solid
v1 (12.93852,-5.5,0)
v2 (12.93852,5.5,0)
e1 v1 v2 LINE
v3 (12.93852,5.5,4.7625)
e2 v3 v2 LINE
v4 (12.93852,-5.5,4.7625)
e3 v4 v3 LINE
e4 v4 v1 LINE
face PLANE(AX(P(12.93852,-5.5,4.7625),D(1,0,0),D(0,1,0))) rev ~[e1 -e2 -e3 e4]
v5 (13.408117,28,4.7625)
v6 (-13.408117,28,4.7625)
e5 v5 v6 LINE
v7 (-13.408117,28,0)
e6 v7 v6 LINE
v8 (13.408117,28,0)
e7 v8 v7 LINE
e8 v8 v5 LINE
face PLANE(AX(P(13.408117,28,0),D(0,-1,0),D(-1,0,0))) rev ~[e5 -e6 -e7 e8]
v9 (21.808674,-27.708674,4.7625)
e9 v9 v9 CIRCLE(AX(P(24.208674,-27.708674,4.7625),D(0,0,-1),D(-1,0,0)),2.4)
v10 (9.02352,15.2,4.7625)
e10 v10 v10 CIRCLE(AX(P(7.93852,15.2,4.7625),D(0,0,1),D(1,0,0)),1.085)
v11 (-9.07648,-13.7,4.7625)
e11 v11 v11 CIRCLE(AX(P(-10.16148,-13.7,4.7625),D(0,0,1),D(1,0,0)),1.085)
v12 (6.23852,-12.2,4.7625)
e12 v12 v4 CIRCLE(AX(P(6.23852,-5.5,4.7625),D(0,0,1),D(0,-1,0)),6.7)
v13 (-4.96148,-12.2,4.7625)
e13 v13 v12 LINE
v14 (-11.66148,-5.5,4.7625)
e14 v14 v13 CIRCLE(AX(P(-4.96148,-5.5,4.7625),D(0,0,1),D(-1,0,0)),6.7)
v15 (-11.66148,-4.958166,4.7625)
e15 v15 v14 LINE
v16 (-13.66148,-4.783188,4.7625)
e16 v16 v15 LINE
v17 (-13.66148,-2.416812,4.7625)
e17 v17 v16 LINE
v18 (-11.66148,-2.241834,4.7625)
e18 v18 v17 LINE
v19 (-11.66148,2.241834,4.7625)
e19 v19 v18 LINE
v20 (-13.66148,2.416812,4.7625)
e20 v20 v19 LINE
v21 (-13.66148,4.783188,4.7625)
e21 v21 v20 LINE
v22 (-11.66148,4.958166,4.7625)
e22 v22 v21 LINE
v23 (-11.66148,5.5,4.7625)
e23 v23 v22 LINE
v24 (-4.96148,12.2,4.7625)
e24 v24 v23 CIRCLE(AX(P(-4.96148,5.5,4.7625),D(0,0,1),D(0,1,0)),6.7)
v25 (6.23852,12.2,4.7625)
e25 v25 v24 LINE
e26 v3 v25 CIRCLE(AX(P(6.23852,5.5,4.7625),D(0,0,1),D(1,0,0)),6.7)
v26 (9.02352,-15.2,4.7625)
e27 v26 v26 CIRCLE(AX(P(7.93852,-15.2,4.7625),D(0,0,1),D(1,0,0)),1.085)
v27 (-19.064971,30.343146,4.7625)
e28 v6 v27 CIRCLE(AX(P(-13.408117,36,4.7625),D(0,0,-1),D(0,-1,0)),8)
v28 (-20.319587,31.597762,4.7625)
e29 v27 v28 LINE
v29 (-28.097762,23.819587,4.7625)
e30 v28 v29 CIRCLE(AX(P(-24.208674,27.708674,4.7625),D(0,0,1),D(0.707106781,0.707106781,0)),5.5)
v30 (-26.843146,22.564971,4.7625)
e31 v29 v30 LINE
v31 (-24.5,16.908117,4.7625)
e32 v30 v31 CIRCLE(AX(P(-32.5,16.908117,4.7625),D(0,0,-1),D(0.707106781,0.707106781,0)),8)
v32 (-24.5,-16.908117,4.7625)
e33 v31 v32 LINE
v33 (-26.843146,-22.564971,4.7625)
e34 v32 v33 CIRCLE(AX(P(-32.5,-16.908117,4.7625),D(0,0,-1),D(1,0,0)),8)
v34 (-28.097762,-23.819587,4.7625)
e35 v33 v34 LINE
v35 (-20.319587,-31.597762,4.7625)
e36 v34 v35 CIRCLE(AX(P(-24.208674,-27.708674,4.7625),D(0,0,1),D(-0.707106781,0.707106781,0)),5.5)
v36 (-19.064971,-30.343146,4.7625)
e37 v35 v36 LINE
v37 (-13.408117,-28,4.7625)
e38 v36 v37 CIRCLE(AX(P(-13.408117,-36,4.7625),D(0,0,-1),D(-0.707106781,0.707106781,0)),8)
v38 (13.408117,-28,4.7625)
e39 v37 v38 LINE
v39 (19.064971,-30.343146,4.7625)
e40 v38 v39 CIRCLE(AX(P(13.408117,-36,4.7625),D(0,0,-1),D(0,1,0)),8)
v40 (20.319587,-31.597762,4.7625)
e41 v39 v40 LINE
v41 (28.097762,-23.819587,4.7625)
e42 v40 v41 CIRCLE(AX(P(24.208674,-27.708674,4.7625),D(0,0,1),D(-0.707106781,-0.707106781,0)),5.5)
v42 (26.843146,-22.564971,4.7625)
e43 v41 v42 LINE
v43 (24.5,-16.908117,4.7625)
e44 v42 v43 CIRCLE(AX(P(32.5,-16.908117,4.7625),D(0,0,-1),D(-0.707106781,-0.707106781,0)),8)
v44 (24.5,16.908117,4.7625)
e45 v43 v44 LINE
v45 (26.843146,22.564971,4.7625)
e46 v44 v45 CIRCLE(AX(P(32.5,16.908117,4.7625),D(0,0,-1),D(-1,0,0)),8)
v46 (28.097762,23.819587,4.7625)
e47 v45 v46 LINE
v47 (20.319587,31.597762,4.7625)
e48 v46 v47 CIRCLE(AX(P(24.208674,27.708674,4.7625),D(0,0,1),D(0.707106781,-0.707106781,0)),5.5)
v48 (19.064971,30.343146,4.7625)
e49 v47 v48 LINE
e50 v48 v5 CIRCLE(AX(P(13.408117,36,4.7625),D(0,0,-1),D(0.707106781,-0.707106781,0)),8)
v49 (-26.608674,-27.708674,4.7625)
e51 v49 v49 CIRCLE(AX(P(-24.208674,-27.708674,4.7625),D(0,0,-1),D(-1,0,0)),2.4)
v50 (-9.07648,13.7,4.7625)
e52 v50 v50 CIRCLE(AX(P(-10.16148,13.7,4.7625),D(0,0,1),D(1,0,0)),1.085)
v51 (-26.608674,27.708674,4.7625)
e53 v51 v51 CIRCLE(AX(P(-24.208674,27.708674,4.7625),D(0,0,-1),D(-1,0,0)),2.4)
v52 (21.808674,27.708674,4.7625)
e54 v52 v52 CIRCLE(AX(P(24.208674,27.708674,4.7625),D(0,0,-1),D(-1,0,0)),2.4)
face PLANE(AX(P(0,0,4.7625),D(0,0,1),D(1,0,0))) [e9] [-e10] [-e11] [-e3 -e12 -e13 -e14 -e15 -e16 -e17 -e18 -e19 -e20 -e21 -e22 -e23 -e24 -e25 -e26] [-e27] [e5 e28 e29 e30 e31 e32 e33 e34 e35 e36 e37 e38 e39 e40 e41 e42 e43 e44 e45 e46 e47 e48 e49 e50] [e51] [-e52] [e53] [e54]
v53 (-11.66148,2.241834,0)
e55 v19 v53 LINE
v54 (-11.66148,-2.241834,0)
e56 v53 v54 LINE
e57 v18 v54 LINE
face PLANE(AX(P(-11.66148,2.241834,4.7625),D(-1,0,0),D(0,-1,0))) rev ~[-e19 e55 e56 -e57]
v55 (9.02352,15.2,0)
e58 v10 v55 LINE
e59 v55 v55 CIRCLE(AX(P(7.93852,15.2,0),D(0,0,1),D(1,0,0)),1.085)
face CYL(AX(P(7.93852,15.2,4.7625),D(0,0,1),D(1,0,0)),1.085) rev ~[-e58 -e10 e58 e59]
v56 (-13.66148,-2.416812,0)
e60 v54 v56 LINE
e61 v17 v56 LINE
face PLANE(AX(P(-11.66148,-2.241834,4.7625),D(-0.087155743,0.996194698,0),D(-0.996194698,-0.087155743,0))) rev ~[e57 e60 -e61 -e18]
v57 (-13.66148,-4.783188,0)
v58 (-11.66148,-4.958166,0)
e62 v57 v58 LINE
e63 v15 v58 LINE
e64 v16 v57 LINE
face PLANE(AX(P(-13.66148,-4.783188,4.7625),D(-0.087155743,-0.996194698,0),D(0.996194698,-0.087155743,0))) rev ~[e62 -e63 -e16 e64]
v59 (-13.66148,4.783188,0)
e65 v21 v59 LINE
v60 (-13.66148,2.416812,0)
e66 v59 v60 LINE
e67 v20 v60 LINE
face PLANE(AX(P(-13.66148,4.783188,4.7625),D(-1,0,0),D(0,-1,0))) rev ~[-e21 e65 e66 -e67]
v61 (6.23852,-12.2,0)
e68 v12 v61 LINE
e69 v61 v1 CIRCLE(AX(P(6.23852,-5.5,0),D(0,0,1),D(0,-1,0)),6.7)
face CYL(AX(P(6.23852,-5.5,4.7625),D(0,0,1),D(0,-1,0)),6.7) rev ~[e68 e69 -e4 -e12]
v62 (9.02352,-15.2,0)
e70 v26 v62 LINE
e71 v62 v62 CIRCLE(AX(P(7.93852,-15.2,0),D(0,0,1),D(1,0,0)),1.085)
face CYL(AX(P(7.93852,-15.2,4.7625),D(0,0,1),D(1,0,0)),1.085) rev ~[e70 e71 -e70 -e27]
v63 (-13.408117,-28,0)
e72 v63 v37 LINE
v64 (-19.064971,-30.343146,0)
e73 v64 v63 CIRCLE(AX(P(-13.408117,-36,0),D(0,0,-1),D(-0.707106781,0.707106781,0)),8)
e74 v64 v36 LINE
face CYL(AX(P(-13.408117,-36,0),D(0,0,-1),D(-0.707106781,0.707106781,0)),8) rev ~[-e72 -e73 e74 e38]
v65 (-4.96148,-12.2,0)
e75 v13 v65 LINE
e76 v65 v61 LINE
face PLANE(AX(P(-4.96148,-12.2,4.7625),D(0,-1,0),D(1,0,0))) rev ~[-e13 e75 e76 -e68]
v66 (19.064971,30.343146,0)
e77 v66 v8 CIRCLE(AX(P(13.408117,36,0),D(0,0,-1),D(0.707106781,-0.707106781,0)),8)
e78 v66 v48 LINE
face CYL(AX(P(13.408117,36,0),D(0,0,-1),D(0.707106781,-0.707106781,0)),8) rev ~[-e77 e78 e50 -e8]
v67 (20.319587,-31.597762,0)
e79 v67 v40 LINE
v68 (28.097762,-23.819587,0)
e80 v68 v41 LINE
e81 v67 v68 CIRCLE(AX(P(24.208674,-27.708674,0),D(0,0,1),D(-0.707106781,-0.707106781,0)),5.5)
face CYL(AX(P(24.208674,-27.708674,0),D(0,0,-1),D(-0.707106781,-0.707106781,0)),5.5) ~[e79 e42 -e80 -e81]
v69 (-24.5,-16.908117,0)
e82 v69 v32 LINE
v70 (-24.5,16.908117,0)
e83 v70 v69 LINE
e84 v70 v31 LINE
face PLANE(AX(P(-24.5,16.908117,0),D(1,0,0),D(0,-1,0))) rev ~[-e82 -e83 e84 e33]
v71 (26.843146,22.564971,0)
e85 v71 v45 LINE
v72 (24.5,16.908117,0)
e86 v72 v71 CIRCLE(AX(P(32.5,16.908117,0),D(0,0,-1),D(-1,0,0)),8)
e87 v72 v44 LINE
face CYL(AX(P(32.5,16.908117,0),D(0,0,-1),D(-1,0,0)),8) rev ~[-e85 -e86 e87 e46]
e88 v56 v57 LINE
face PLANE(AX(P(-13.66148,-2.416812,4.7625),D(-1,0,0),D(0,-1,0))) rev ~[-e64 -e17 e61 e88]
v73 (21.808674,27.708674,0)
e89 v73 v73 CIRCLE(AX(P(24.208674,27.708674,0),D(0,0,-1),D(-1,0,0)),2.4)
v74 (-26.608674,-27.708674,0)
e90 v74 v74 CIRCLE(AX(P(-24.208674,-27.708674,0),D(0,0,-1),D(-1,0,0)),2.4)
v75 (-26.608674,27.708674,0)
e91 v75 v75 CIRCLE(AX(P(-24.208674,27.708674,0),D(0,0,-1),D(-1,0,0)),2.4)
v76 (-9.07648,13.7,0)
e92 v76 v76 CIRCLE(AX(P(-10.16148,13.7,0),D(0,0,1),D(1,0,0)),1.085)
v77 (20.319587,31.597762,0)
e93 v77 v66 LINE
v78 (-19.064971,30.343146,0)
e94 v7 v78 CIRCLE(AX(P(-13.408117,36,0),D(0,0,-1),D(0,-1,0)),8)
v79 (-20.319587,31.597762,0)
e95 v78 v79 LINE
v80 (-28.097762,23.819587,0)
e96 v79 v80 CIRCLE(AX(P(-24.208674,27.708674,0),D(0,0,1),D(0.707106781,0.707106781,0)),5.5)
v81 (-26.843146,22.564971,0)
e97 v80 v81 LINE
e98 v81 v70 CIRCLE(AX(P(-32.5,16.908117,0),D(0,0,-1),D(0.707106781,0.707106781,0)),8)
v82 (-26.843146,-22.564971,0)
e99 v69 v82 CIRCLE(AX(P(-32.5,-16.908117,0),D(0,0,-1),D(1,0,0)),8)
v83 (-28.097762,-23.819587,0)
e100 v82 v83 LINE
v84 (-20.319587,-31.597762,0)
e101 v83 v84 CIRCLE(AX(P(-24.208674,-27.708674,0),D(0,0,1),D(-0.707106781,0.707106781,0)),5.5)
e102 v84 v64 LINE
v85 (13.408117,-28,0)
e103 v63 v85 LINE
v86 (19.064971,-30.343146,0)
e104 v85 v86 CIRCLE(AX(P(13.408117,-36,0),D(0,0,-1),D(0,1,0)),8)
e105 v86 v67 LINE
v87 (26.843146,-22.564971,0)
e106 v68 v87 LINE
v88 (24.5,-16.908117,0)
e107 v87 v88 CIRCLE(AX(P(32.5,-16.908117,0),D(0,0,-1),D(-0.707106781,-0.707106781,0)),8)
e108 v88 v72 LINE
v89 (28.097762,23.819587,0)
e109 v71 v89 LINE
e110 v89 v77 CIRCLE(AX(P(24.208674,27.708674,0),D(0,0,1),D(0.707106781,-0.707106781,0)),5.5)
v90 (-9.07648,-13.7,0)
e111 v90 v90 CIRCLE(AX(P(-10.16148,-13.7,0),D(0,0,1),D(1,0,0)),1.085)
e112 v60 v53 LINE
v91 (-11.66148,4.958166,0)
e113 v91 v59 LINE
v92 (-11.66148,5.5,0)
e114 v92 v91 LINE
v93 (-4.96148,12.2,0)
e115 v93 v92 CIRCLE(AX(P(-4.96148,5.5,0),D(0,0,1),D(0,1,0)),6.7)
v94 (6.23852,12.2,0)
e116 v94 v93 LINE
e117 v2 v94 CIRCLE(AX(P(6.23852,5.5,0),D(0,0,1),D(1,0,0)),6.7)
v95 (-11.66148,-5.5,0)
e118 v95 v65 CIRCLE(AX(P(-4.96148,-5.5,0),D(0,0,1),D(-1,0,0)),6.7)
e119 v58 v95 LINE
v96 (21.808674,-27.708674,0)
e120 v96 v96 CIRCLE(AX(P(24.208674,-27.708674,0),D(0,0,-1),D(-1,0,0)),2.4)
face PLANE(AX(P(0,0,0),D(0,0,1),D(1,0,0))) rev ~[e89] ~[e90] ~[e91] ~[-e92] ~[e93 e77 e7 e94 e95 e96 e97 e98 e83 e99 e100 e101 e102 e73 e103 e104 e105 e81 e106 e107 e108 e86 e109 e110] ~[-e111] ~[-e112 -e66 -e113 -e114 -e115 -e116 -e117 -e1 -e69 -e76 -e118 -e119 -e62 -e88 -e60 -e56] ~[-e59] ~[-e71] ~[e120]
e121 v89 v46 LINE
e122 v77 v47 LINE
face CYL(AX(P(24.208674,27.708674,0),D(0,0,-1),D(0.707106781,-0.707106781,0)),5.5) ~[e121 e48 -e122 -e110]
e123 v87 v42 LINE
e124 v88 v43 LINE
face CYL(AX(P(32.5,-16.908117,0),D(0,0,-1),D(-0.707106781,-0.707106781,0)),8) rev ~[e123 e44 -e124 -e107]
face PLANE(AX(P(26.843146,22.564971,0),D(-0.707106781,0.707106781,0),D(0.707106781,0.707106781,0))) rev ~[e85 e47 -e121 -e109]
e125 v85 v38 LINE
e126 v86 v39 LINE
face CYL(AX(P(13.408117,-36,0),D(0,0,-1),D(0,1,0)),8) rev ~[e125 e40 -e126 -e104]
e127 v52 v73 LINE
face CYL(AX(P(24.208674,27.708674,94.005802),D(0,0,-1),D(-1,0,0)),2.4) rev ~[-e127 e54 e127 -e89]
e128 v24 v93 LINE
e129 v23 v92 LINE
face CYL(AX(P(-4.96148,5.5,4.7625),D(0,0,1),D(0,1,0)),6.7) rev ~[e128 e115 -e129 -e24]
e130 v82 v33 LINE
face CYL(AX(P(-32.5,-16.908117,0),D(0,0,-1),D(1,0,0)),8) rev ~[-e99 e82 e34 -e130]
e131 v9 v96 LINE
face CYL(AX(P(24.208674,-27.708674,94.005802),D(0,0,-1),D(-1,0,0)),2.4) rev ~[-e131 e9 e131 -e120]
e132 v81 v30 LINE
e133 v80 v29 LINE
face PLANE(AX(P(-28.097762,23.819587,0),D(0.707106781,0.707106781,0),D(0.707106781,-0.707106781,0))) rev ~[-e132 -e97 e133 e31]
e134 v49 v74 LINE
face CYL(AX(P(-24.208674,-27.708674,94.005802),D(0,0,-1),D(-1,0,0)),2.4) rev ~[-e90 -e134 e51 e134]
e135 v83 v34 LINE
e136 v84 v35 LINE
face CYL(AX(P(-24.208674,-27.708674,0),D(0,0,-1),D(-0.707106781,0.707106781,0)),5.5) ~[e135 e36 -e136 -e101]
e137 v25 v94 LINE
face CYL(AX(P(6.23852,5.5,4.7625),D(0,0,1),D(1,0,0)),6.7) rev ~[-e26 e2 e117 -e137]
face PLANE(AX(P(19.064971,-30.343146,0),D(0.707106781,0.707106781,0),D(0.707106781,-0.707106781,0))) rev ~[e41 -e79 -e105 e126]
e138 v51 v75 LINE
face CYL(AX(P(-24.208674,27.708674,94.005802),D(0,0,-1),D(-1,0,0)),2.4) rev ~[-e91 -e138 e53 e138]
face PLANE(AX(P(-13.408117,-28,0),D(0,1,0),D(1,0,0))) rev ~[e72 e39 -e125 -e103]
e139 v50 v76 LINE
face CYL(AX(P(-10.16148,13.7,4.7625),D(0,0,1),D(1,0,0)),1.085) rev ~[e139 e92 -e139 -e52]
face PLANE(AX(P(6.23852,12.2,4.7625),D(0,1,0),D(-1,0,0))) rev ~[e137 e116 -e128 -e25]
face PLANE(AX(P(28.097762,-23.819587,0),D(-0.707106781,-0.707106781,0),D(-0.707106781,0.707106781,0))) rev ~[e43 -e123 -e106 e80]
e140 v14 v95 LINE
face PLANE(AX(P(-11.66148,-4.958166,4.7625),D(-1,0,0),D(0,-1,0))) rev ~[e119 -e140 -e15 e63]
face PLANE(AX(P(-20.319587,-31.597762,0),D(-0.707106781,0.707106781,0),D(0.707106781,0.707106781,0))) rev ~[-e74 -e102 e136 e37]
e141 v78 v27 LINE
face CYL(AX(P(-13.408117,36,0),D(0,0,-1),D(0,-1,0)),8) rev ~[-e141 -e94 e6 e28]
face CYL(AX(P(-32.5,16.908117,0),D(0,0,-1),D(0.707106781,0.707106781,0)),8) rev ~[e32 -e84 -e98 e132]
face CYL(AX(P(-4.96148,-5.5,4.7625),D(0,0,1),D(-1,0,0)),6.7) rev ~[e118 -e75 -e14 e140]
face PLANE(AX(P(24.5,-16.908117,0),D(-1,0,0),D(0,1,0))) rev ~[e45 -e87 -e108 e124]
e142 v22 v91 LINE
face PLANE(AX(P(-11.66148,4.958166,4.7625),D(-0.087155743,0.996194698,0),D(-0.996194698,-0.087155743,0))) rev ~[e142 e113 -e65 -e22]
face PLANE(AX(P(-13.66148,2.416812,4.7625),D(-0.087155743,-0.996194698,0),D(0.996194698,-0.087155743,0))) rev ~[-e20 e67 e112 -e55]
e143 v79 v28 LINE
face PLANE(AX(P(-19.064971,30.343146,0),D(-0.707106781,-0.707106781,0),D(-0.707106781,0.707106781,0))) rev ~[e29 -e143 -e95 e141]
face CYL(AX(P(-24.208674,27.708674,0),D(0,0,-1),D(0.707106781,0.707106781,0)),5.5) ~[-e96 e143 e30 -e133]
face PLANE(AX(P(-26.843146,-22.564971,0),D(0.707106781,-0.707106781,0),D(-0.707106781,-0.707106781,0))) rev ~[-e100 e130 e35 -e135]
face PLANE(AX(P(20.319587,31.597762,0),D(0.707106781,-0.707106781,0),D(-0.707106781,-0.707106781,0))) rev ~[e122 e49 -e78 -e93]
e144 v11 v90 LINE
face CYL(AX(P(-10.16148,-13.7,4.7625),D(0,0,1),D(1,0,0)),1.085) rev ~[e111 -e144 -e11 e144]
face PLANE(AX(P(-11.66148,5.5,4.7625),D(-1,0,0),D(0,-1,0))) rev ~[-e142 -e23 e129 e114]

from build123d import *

# Parameters (mm, degrees)
BOSS_EXTRUDE1_DEPTH  = 4.7625
M4_CLEARANCE_HOLE1_D = 4.8
SKETCH5_R            = 1.085
CUT_EXTRUDE1_DEPTH   = 45.811860093


with BuildPart() as part:
    # Sketch1 → Boss-Extrude1 (new body)
    with BuildSketch(Plane.XY):
        with BuildLine():
            Line((-20.319587173, -31.597761766), (-19.064971157, -30.343145751))
            ThreePointArc((-19.064971157, -30.343145751), (-16.469584367, -28.60896374), (-13.408116908, -28))
            Line((-13.408116908, -28), (13.408116908, -28))
            ThreePointArc((13.408116908, -28), (16.469584367, -28.60896374), (19.064971157, -30.343145751))
            Line((19.064971157, -30.343145751), (20.319587173, -31.597761766))
            ThreePointArc((20.319587173, -31.597761766), (28.097761766, -31.597761766), (28.097761766, -23.819587173))
            Line((28.097761766, -23.819587173), (26.843145751, -22.564971157))
            ThreePointArc((26.843145751, -22.564971157), (25.10896374, -19.969584367), (24.5, -16.908116908))
            Line((24.5, -16.908116908), (24.5, 16.908116908))
            ThreePointArc((24.5, 16.908116908), (25.10896374, 19.969584367), (26.843145751, 22.564971157))
            Line((26.843145751, 22.564971157), (28.097761766, 23.819587173))
            ThreePointArc((28.097761766, 23.819587173), (28.097761766, 31.597761766), (20.319587173, 31.597761766))
            Line((20.319587173, 31.597761766), (19.064971157, 30.343145751))
            ThreePointArc((19.064971157, 30.343145751), (16.469584367, 28.60896374), (13.408116908, 28))
            Line((13.408116908, 28), (-13.408116908, 28))
            ThreePointArc((-13.408116908, 28), (-16.469584367, 28.60896374), (-19.064971157, 30.343145751))
            Line((-19.064971157, 30.343145751), (-20.319587173, 31.597761766))
            ThreePointArc((-20.319587173, 31.597761766), (-28.097761766, 31.597761766), (-28.097761766, 23.819587173))
            Line((-28.097761766, 23.819587173), (-26.843145751, 22.564971157))
            ThreePointArc((-26.843145751, 22.564971157), (-25.10896374, 19.969584367), (-24.5, 16.908116908))
            Line((-24.5, 16.908116908), (-24.5, -16.908116908))
            ThreePointArc((-24.5, -16.908116908), (-25.10896374, -19.969584367), (-26.843145751, -22.564971157))
            Line((-26.843145751, -22.564971157), (-28.097761766, -23.819587173))
            ThreePointArc((-28.097761766, -23.819587173), (-28.097761766, -31.597761766), (-20.319587173, -31.597761766))
        make_face()
    extrude(amount=BOSS_EXTRUDE1_DEPTH)

    # M4 Clearance Hole1 (through all)
    with Locations(Plane.XY.offset(4.7625)):
        with Locations((-24.20867447, 27.70867447), (24.20867447, 27.70867447), (24.20867447, -27.70867447), (-24.20867447, -27.70867447)):
            Hole(M4_CLEARANCE_HOLE1_D / 2)

    # Sketch5 → Cut-Extrude1 (cut, through all)
    with BuildSketch(Plane.XY.offset(4.7625)):
        with BuildLine():
            Line((-13.66148, -4.78318826), (-11.66148, -4.958165587))
            Line((-11.66148, -4.958165587), (-11.66148, -5.5))
            ThreePointArc((-11.66148, -5.5), (-9.699095434, -10.237615434), (-4.96148, -12.2))
            Line((-4.96148, -12.2), (6.23852, -12.2))
            ThreePointArc((6.23852, -12.2), (10.976135434, -10.237615434), (12.93852, -5.5))
            Line((12.93852, -5.5), (12.93852, 5.5))
            ThreePointArc((12.93852, 5.5), (10.976135434, 10.237615434), (6.23852, 12.2))
            Line((6.23852, 12.2), (-4.96148, 12.2))
            ThreePointArc((-4.96148, 12.2), (-9.699095434, 10.237615434), (-11.66148, 5.5))
            Line((-11.66148, 5.5), (-11.66148, 4.958165587))
            Line((-11.66148, 4.958165587), (-13.66148, 4.78318826))
            Line((-13.66148, 4.78318826), (-13.66148, 2.41681174))
            Line((-13.66148, 2.41681174), (-11.66148, 2.241834413))
            Line((-11.66148, 2.241834413), (-11.66148, -2.241834413))
            Line((-11.66148, -2.241834413), (-13.66148, -2.41681174))
            Line((-13.66148, -2.41681174), (-13.66148, -4.78318826))
        make_face()
        with Locations((-10.16148, -13.7)):
            Circle(SKETCH5_R)
        with Locations((-10.16148, 13.7)):
            Circle(SKETCH5_R)
        with Locations((7.93852, 15.2)):
            Circle(SKETCH5_R)
        with Locations((7.93852, -15.2)):
            Circle(SKETCH5_R)
    extrude(amount=-CUT_EXTRUDE1_DEPTH, mode=Mode.SUBTRACT)


solid = part.part
